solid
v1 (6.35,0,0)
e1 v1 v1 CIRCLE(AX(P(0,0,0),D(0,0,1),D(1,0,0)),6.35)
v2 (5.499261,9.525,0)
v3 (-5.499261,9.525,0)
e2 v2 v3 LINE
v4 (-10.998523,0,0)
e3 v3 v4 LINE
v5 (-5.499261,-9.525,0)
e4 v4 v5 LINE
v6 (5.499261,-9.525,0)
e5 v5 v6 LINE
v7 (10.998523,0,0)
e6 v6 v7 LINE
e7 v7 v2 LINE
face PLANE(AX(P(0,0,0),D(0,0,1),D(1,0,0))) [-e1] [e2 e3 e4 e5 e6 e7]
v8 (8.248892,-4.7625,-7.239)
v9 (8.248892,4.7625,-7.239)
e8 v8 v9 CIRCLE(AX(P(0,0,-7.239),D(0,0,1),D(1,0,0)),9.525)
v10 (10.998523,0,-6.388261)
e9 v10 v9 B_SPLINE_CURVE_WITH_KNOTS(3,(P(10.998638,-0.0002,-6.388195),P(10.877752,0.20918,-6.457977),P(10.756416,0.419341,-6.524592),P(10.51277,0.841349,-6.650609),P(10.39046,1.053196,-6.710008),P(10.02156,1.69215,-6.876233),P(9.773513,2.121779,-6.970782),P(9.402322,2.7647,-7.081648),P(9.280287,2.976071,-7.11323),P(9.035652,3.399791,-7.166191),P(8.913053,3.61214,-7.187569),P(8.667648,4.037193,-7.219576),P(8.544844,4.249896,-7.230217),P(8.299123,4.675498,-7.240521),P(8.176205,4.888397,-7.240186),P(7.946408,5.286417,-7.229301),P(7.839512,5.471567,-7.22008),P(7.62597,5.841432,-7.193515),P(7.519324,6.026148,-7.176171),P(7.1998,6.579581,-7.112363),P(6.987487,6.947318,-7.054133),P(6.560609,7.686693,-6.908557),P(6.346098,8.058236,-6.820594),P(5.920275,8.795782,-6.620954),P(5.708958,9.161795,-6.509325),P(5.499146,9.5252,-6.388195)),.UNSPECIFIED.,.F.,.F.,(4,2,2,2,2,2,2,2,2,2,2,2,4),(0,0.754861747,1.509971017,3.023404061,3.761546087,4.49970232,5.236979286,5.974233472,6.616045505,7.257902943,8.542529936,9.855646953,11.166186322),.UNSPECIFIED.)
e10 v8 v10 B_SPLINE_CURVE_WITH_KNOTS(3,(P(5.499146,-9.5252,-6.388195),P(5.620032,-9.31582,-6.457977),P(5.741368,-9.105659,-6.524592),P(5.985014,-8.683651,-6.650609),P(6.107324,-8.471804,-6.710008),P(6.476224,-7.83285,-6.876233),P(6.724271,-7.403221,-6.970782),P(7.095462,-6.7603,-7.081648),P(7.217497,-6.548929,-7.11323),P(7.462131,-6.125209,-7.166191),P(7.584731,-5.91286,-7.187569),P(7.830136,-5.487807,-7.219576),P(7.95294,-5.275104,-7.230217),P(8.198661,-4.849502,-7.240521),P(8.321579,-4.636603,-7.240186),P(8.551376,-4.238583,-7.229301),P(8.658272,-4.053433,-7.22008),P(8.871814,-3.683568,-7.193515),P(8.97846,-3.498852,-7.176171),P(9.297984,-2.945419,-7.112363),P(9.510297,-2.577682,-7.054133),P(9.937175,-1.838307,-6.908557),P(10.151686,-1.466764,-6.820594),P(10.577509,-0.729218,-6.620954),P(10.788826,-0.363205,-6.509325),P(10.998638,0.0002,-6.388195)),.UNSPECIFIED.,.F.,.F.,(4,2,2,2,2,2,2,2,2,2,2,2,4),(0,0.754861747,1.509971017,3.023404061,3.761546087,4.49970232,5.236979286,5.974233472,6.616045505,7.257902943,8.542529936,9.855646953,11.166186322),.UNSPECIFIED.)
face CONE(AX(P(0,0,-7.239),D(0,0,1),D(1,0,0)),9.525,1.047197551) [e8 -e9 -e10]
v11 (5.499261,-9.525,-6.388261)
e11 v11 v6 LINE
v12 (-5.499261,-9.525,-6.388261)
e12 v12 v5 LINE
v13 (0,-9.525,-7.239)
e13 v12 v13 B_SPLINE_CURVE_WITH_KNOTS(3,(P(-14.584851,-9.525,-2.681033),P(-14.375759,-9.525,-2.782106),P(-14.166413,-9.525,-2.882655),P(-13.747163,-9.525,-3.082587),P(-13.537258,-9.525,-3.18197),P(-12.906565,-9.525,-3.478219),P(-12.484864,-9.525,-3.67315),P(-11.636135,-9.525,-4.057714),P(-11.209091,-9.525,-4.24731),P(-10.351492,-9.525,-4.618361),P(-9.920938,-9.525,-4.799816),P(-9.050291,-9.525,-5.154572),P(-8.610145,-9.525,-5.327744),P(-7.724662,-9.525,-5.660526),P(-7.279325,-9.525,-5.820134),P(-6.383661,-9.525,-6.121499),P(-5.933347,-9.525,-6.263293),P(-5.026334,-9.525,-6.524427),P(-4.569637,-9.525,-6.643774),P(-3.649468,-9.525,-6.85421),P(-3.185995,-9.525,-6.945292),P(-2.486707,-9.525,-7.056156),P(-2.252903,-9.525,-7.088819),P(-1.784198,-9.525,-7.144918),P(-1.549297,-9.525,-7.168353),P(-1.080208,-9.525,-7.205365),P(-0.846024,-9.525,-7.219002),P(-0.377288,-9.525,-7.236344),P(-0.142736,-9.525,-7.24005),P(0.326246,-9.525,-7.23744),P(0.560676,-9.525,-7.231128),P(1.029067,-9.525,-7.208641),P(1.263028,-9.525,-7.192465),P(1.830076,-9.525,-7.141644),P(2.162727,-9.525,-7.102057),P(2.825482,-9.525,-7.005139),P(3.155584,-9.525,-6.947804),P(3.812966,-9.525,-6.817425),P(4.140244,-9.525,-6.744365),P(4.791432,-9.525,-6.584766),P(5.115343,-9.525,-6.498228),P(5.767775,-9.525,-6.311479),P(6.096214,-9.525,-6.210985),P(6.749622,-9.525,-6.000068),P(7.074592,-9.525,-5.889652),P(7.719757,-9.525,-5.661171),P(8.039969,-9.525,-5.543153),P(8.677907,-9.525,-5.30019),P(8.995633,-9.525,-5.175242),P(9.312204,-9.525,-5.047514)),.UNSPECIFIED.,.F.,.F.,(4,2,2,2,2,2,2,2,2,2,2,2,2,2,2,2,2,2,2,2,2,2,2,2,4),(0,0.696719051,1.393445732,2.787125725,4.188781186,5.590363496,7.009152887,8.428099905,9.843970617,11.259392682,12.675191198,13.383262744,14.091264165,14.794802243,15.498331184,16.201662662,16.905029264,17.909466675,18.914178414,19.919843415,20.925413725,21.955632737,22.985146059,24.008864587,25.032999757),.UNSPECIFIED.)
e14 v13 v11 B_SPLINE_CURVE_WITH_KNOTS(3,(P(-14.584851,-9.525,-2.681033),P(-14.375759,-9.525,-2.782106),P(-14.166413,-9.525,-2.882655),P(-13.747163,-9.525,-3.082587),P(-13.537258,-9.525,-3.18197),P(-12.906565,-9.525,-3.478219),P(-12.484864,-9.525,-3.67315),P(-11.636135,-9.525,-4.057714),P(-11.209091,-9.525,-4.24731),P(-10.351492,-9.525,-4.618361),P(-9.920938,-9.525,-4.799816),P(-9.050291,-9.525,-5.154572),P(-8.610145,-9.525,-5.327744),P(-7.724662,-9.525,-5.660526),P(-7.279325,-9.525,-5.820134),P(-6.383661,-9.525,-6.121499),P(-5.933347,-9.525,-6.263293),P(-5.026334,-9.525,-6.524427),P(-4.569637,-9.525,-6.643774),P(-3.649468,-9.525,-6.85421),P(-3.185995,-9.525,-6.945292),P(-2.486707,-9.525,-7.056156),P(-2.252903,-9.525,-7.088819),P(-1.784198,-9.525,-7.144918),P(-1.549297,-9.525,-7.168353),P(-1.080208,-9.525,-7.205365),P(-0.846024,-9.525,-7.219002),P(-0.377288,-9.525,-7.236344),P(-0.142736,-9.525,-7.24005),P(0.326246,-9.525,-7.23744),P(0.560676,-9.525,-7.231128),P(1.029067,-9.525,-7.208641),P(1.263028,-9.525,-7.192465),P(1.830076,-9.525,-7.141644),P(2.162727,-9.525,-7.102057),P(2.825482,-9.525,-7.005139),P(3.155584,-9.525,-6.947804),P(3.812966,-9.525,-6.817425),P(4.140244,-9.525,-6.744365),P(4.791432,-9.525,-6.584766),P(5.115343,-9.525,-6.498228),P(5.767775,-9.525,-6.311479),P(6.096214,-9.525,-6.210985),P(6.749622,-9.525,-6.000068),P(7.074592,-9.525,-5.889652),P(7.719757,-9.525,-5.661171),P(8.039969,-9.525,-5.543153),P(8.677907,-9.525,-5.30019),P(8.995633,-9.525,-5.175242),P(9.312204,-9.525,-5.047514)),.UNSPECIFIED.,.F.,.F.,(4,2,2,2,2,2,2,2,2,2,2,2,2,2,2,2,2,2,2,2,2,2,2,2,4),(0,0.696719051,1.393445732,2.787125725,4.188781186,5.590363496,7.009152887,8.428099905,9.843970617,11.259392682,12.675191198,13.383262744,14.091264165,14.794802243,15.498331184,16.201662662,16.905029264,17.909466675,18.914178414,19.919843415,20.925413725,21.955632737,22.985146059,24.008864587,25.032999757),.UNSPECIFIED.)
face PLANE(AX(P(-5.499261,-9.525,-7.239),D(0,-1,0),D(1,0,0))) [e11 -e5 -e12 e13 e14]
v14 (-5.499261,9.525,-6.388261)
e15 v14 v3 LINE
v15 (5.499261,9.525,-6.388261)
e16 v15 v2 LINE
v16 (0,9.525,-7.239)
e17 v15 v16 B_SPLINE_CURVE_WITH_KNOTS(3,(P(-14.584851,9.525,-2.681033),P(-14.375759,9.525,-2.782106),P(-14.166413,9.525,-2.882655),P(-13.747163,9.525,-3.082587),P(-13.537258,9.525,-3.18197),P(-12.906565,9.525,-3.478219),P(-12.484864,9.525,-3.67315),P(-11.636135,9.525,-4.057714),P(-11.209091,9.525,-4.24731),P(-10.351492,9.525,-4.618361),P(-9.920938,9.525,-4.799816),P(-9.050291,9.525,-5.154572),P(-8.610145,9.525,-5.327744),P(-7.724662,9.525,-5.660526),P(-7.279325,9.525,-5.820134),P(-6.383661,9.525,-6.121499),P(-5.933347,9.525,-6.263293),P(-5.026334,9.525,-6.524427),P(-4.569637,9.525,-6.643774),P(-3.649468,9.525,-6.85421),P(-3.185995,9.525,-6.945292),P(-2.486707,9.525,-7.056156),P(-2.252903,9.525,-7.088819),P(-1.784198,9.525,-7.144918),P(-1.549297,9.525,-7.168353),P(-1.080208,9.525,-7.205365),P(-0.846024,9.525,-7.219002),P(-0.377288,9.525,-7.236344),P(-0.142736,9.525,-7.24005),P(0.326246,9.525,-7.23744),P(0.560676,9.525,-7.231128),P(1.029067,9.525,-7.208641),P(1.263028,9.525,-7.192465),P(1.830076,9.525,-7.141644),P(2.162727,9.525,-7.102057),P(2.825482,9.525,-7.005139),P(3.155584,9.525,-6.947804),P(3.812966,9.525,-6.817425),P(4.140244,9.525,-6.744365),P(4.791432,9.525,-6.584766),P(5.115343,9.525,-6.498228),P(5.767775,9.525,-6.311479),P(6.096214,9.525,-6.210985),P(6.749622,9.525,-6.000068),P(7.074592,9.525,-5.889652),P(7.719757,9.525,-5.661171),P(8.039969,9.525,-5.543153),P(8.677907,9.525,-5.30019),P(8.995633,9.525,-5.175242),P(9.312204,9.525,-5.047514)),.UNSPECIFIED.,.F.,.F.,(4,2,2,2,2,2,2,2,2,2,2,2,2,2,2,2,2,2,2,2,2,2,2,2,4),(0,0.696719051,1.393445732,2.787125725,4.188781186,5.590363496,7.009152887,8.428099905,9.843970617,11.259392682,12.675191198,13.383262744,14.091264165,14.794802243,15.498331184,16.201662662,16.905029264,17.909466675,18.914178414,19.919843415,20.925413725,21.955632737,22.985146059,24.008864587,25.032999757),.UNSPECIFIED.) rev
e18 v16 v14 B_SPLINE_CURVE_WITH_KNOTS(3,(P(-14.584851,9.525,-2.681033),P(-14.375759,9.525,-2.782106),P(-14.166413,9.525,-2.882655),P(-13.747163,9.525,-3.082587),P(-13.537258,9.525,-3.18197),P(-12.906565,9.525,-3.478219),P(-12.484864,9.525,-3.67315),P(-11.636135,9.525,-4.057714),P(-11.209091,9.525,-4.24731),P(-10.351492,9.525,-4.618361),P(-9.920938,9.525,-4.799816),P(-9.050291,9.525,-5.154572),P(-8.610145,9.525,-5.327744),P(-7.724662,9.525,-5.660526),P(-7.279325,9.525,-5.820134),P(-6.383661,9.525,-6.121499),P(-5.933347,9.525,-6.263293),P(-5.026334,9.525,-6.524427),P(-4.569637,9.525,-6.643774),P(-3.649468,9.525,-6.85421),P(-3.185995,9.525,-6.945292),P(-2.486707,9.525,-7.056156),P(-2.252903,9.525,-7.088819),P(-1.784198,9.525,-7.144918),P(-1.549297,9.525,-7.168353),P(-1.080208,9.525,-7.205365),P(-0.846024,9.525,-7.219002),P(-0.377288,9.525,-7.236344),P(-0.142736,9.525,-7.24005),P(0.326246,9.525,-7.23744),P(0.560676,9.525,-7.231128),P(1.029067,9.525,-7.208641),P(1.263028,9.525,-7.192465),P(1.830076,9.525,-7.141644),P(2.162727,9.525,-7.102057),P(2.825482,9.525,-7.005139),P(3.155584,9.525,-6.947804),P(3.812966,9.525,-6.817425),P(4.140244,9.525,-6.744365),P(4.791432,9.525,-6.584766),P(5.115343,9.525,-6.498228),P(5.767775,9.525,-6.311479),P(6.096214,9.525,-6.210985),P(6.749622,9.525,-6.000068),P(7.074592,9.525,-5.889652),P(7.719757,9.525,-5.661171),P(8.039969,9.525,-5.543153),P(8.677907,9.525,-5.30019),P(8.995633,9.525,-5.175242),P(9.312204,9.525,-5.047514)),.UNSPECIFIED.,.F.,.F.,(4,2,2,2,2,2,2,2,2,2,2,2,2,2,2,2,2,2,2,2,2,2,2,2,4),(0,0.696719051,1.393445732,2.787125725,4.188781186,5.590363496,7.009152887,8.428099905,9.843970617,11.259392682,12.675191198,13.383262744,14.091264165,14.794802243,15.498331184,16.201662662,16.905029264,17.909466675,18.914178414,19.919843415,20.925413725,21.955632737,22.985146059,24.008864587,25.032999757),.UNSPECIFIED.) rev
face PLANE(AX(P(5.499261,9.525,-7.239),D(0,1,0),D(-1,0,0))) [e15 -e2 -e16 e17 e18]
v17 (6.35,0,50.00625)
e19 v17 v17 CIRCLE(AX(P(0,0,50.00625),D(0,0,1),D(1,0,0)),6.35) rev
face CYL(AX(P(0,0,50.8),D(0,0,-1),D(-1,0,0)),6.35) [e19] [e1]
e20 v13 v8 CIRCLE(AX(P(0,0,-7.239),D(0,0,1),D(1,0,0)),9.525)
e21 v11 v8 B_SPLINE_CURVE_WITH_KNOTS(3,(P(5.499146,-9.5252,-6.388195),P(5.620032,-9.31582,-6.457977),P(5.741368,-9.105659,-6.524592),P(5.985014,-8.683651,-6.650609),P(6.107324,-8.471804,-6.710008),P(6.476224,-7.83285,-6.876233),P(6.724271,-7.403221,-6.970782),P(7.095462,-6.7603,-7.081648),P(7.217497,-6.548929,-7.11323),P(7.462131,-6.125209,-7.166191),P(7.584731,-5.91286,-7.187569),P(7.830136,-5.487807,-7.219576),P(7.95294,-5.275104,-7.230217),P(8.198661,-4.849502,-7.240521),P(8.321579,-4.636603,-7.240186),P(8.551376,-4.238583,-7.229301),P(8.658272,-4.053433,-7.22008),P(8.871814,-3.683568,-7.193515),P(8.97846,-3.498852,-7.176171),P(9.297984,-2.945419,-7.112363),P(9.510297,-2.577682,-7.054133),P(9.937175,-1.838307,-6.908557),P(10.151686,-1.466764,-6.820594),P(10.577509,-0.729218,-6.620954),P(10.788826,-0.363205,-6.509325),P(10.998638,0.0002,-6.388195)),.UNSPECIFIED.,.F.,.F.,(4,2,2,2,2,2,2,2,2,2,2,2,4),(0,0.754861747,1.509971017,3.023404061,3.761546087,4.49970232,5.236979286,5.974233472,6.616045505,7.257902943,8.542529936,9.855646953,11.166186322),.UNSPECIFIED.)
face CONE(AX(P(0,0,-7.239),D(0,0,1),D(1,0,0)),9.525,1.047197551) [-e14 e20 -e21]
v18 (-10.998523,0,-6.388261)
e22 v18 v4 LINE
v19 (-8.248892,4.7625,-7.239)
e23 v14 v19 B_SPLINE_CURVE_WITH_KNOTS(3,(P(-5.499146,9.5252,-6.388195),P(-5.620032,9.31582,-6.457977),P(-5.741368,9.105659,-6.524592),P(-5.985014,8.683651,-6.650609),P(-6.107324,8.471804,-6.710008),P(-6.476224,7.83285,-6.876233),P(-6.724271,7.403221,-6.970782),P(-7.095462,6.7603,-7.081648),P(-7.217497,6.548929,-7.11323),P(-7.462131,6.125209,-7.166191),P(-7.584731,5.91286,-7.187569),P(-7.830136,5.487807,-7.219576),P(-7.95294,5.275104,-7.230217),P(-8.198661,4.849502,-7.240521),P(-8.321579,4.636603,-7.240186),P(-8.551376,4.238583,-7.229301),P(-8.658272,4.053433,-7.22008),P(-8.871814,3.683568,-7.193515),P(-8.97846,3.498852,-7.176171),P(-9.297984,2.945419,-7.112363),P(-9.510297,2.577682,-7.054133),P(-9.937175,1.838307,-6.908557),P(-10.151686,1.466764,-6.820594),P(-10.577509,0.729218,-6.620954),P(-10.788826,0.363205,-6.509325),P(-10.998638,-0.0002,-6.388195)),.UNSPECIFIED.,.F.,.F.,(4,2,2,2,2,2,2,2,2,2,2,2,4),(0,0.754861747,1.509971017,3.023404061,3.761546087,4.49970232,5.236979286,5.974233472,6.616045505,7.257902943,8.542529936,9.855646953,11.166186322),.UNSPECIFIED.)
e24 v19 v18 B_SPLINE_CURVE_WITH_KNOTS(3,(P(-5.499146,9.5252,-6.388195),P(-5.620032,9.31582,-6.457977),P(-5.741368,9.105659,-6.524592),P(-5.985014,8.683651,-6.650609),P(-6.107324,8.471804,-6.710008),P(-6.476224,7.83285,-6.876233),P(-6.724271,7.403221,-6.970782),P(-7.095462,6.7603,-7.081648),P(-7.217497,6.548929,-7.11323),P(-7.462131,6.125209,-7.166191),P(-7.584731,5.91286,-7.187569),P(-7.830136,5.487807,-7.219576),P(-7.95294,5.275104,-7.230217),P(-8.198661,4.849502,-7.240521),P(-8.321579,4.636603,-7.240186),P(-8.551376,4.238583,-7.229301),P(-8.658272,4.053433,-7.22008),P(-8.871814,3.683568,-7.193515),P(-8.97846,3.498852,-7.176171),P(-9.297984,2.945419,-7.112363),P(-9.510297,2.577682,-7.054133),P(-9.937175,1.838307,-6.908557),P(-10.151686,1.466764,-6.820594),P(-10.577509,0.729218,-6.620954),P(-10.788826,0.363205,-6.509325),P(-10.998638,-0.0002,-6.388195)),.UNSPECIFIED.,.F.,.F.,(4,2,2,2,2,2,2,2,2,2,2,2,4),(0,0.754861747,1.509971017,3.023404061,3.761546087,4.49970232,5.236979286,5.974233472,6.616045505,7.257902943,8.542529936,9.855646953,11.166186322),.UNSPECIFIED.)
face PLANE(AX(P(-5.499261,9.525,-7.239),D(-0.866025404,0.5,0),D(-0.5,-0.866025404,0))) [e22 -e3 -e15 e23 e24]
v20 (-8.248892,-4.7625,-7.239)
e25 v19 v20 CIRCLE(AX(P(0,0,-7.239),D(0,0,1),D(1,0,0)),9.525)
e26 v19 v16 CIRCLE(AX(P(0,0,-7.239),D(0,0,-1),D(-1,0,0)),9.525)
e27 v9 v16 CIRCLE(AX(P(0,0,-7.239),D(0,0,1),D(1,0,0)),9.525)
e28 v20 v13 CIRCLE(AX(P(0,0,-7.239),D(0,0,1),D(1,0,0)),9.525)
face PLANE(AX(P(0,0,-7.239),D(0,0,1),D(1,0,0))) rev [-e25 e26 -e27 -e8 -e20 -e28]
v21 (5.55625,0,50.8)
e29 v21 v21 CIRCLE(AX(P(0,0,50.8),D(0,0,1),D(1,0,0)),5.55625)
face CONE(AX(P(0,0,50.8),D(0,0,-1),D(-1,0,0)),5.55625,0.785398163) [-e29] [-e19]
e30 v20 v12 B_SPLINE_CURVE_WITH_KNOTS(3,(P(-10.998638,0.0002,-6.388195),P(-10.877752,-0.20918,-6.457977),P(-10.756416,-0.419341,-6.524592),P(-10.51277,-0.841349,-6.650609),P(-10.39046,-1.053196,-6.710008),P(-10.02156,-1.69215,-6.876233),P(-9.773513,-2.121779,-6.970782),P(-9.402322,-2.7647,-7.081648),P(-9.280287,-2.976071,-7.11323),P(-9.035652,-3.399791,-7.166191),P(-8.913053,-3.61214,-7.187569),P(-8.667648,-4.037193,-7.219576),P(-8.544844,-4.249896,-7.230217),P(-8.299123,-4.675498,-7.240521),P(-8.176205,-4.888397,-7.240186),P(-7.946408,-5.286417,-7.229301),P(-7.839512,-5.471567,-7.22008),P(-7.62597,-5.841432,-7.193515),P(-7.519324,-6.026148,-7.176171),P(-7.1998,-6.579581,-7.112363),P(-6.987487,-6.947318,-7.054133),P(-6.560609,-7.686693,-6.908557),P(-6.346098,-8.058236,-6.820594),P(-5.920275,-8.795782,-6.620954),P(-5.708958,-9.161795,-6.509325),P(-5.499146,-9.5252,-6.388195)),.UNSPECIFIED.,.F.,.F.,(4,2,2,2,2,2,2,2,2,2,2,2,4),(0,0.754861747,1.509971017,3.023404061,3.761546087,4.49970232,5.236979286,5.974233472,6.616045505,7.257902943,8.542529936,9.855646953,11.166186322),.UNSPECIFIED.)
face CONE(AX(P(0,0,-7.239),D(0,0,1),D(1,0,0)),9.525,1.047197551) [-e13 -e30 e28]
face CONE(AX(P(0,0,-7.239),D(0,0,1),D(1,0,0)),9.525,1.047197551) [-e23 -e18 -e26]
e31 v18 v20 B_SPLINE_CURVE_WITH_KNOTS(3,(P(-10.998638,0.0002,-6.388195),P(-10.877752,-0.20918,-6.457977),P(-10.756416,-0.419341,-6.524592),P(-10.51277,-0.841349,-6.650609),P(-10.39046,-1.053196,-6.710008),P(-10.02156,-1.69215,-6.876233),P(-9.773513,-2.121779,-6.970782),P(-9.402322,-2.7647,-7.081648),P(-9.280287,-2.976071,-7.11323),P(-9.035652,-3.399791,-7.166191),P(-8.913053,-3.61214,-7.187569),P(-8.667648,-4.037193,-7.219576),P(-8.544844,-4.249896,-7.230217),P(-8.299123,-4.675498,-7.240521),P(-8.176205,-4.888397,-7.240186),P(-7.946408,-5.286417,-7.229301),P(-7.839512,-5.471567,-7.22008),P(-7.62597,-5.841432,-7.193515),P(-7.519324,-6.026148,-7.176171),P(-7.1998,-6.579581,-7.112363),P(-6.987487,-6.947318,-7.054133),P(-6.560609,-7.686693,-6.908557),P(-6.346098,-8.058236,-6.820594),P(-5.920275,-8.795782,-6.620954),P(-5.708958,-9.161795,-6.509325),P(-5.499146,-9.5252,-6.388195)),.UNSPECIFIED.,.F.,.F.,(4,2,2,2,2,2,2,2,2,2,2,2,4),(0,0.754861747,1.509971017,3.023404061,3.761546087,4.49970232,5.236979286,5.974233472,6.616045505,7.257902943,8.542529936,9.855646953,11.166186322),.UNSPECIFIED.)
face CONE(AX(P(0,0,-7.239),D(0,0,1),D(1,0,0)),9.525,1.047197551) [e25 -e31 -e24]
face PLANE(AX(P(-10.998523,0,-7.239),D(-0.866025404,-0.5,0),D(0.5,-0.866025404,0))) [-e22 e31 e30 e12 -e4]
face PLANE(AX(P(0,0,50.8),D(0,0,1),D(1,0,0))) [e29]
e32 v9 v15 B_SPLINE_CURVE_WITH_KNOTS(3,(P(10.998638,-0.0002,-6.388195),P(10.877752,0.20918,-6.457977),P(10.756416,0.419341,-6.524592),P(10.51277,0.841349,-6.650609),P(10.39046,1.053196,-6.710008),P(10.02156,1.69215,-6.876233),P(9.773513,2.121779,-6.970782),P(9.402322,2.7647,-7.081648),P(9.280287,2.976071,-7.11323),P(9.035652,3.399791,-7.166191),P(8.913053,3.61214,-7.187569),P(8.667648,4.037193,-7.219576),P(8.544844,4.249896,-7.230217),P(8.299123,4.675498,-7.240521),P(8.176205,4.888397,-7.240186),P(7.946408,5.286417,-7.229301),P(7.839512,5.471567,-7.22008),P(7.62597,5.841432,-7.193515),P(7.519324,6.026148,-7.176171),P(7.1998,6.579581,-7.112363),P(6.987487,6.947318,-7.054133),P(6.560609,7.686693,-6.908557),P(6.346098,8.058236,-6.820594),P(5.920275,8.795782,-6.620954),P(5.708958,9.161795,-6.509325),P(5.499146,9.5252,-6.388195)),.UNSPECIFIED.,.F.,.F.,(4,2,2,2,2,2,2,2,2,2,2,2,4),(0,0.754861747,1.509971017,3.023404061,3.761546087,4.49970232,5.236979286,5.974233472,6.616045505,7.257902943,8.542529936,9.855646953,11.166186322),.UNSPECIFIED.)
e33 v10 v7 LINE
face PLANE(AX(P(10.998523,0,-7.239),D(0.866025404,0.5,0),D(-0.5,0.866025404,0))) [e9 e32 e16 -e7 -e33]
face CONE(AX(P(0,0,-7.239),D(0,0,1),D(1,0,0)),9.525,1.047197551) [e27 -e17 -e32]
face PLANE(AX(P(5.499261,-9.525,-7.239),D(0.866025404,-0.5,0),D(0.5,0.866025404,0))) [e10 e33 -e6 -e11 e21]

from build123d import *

# Parameters (mm, degrees)
HEAD_DEPTH         = 7.239
SKETCH2_R          = 6.35
SHAFT_DEPTH        = 50.8
SHAFT_CHAMFER_SIZE = 0.79375


with BuildPart() as part:
    # Head Sketch → Head (new body)
    with BuildSketch(Plane.XY):
        Polygon((10.998522628, 0), (5.499261314, 9.525), (-5.499261314, 9.525), (-10.998522628, 0), (-5.499261314, -9.525), (5.499261314, -9.525), align=None)
    extrude(amount=-HEAD_DEPTH)

    # Sketch9 → Head Chamfer (revolve, cut)
    with BuildSketch(Plane(origin=(0, 0, 0), x_dir=(1, 0, 0), z_dir=(0, 1, 0))):
        Polygon((10.998522628, 7.239), (9.525, 7.239), (10.998522628, 6.388261314), align=None)
    revolve(axis=Axis((0, 0, -10.14095), (0, 0, 1)), mode=Mode.SUBTRACT)

    # Sketch2 → Shaft (add)
    with BuildSketch(Plane.XY):
        Circle(SKETCH2_R)
    extrude(amount=SHAFT_DEPTH)

    # Shaft Chamfer
    shaft_chamfer_edges = [part.edges().sort_by_distance(p)[0] for p in [
        (-6.35, 0, 50.8),
    ]]
    chamfer(shaft_chamfer_edges, length=SHAFT_CHAMFER_SIZE)


solid = part.part
